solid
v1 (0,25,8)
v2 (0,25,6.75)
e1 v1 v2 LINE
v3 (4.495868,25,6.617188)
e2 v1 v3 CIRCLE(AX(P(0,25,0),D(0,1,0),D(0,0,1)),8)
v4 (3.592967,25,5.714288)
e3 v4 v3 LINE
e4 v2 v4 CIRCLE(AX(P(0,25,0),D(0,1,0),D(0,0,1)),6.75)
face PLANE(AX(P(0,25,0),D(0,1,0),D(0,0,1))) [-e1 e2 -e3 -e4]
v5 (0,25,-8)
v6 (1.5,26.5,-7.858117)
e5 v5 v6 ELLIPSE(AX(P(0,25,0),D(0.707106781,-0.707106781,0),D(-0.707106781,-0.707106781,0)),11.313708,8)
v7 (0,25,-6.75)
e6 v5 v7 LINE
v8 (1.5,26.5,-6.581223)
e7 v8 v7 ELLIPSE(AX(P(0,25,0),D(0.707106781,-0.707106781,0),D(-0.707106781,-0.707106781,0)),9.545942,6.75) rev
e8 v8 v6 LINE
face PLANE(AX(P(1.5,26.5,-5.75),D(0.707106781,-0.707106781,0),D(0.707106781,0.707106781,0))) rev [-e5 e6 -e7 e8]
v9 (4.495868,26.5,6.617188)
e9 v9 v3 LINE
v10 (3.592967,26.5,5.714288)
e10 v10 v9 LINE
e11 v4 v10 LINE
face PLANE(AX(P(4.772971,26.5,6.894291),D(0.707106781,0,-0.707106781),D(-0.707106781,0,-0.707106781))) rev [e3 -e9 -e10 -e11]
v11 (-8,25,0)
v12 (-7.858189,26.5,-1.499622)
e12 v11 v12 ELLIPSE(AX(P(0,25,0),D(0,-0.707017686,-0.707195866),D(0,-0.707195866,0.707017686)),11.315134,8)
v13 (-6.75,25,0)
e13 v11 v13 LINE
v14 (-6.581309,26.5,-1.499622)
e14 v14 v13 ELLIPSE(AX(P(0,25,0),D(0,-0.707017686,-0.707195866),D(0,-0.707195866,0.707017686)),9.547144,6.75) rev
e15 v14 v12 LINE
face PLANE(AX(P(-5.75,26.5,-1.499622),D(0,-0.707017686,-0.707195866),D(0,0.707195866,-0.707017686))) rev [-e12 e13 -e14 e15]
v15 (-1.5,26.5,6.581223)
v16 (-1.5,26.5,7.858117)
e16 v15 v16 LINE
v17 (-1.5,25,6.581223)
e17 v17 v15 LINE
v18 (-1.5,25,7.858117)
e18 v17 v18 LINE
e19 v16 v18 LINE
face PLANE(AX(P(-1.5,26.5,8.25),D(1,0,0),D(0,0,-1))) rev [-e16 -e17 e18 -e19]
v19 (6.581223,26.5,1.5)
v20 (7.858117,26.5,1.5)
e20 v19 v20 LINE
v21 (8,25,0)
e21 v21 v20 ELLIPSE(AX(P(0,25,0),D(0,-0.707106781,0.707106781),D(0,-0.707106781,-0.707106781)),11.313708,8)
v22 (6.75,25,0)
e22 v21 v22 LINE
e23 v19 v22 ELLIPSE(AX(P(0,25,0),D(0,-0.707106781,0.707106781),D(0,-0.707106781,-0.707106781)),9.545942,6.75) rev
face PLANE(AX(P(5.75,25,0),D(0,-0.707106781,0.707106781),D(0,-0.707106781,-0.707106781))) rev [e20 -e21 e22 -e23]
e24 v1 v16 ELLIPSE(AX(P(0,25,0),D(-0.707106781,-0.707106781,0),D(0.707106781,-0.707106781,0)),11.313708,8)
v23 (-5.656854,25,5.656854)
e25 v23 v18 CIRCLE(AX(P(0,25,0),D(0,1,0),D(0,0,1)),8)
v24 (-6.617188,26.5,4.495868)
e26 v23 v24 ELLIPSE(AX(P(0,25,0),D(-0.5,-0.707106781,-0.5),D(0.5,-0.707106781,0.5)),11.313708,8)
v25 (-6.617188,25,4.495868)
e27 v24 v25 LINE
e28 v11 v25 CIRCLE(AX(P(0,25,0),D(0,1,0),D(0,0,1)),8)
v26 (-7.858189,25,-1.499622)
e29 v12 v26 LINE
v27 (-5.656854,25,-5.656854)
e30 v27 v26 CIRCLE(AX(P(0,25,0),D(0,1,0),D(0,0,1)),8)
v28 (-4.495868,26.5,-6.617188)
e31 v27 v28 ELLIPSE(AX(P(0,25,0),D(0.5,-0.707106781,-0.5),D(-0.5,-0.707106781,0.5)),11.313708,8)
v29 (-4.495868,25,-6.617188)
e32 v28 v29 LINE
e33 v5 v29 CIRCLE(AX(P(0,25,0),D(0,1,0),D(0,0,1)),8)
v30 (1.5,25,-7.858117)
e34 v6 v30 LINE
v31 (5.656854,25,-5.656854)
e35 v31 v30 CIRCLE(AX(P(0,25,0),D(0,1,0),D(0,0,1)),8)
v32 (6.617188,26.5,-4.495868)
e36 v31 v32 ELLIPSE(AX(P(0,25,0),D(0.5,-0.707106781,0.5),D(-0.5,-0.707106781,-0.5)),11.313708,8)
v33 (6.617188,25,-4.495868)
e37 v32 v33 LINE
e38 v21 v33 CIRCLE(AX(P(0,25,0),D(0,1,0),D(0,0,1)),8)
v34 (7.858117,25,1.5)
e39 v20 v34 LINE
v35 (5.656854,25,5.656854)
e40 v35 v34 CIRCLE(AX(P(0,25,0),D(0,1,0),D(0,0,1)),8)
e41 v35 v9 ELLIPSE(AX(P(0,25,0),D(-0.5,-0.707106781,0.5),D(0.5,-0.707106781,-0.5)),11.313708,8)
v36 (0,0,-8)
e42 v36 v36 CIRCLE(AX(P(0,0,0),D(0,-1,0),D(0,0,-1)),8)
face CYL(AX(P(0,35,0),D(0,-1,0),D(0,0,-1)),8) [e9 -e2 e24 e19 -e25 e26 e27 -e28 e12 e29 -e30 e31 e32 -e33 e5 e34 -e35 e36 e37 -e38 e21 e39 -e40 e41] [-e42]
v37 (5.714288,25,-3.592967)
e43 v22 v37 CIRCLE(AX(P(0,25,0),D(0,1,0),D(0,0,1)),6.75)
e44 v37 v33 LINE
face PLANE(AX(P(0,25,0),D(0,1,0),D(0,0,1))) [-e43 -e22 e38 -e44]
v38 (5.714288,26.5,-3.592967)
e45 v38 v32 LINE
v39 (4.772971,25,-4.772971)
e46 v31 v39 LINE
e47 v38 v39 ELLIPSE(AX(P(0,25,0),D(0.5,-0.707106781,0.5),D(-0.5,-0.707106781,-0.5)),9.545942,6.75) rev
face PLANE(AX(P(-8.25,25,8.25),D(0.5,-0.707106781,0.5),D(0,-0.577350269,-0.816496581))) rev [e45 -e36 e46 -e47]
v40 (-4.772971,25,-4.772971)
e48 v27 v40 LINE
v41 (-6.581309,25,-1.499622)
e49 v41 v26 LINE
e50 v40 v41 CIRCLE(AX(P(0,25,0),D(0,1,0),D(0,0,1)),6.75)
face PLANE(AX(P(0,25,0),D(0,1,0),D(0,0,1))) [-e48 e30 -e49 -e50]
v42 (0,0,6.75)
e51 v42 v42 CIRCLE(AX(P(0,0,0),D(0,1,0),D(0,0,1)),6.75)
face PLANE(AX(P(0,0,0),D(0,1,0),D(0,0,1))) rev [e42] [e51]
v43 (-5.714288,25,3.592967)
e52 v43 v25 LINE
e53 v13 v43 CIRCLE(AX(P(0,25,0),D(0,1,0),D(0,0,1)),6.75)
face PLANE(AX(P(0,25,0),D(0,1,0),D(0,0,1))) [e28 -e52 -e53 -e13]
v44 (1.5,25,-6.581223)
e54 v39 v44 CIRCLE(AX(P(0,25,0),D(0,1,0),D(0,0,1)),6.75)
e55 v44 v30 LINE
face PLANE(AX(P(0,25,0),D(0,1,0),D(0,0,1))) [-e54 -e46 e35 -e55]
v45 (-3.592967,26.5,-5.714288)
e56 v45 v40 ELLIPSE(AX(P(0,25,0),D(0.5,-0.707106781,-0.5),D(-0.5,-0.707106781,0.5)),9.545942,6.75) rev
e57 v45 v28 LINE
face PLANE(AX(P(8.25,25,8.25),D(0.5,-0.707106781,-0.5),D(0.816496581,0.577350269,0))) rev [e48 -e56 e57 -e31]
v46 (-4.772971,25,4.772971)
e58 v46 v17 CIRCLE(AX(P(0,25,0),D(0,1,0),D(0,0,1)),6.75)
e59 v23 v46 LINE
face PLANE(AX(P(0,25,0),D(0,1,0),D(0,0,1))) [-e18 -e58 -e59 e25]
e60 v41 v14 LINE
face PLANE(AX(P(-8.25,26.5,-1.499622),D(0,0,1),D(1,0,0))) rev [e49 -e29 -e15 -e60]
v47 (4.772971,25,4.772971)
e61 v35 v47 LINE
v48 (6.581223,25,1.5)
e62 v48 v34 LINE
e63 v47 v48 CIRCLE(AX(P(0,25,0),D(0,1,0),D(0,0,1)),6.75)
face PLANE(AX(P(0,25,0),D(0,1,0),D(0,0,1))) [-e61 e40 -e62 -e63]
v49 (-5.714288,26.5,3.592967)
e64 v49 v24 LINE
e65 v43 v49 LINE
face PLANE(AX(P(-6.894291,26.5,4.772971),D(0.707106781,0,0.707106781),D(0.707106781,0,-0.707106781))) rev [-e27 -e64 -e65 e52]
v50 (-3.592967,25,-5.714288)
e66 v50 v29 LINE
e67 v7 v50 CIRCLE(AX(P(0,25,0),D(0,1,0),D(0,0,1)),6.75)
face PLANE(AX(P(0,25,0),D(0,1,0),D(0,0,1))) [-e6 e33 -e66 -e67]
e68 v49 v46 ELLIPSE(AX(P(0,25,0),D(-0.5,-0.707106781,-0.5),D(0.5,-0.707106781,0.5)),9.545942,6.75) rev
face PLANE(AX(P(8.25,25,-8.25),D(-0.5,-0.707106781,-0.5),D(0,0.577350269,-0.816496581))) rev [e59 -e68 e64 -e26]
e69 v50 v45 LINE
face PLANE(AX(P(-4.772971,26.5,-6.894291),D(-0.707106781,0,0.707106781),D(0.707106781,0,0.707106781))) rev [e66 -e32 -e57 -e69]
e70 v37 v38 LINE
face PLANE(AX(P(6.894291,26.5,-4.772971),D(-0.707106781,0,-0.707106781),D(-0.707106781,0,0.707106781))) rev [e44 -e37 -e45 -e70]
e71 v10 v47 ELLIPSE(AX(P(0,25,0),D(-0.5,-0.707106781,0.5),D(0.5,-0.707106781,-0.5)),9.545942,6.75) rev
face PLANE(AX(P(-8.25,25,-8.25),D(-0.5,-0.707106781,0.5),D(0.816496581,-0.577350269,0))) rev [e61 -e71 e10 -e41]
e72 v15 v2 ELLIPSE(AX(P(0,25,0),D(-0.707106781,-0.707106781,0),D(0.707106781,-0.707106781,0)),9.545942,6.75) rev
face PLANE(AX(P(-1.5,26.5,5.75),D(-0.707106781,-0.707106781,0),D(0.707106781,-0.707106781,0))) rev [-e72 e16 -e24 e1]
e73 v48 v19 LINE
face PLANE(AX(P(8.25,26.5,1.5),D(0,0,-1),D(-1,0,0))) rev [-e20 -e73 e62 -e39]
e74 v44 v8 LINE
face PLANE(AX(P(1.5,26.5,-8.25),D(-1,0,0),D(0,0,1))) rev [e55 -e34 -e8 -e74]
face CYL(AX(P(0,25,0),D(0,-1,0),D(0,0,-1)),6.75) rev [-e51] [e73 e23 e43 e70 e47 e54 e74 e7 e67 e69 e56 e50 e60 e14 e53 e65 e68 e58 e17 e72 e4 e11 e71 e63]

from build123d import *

# Parameters (mm, degrees)
SKETCH1_R           = 8.25
SKETCH1_R_2         = 6.75
BOSS_EXTRUDE1_DEPTH = 25
SKETCH2_W           = 1.5
SKETCH2_H           = 1.75
SKETCH2_W_2         = 1.75
SKETCH2_H_2         = 1.5
SKETCH2_H_3         = 1.499622071
BOSS_EXTRUDE2_DEPTH = 1.5
CUT_EXTRUDE1_DEPTH  = 2.5
CUT_EXTRUDE2_DEPTH  = 2.5
CUT_EXTRUDE3_DEPTH  = 2.5
CUT_EXTRUDE4_DEPTH  = 2.5
SKETCH9_R           = 6.625
CUT_EXTRUDE7_DEPTH  = 2.5
CUT_EXTRUDE10_DEPTH = 20.91726189
CUT_EXTRUDE11_DEPTH = 20.91726189
CUT_EXTRUDE12_DEPTH = 20.91726189
CUT_EXTRUDE13_DEPTH = 20.91726189
SKETCH15_R          = 10.332276799
SKETCH15_R_2        = 8
CUT_EXTRUDE14_DEPTH = 35
SKETCH16_R          = 6.75
CUT_EXTRUDE15_DEPTH = 40


with BuildPart() as part:
    # Sketch1 → Boss-Extrude1 (new body)
    with BuildSketch(Plane(origin=(0, 0, 0), x_dir=(1, 0, 0), z_dir=(0, 1, 0))):
        Circle(SKETCH1_R)
        Circle(SKETCH1_R_2, mode=Mode.SUBTRACT)
    extrude(amount=BOSS_EXTRUDE1_DEPTH)

    # Sketch2 → Boss-Extrude2 (add)
    with BuildSketch(Plane(origin=(0, 25, 0), x_dir=(1, 0, 0), z_dir=(0, 1, 0))):
        with Locations((0.75, 7.375)):
            Rectangle(SKETCH2_W, SKETCH2_H)
        with Locations((7.375, -0.75)):
            Rectangle(SKETCH2_W_2, SKETCH2_H_2)
        with Locations((-0.75, -7.375)):
            Rectangle(SKETCH2_W, SKETCH2_H)
        with Locations((-7.375, 0.749811036)):
            Rectangle(SKETCH2_W_2, SKETCH2_H_3)
        Polygon((-5.833630945, 5.833630945), (-4.772970773, 6.894291117), (-3.535533906, 5.656854249), (-4.596194078, 4.596194078), align=None)
        Polygon((5.833630945, 5.833630945), (6.894291117, 4.772970773), (5.656854249, 3.535533906), (4.596194078, 4.596194078), align=None)
        Polygon((5.833630945, -5.833630945), (4.772970773, -6.894291117), (3.535533906, -5.656854249), (4.596194078, -4.596194078), align=None)
        Polygon((-5.833630945, -5.833630945), (-6.894291117, -4.772970773), (-5.656854249, -3.535533906), (-4.596194078, -4.596194078), align=None)
    extrude(amount=BOSS_EXTRUDE2_DEPTH)

    # Sketch5 → Cut-Extrude1 (cut)
    with BuildSketch(Plane.XY.offset(8.25)):
        Polygon((-1.5, 26.5), (0, 25), (0, 26.5), align=None)
    extrude(amount=-CUT_EXTRUDE1_DEPTH, mode=Mode.SUBTRACT)

    # Sketch6 → Cut-Extrude2 (cut)
    with BuildSketch(Plane.ZY.offset(8.25)):
        Polygon((0, 26.5), (-1.499622071, 26.5), (0, 25), align=None)
    extrude(amount=-CUT_EXTRUDE2_DEPTH, mode=Mode.SUBTRACT)

    # Sketch7 → Cut-Extrude3 (cut)
    with BuildSketch(Plane(origin=(0, 0, -8.25), x_dir=(-1, 0, 0), z_dir=(0, 0, -1))):
        Polygon((-1.5, 26.5), (0, 26.5), (0, 25), align=None)
    extrude(amount=-CUT_EXTRUDE3_DEPTH, mode=Mode.SUBTRACT)

    # Sketch8 → Cut-Extrude4 (cut)
    with BuildSketch(Plane(origin=(8.25, 0, 0), x_dir=(0, 0, -1), z_dir=(1, 0, 0))):
        Polygon((0, 26.5), (-1.5, 26.5), (0, 25), align=None)
    extrude(amount=-CUT_EXTRUDE4_DEPTH, mode=Mode.SUBTRACT)

    # Sketch9 → Cut-Extrude7 (cut)
    with BuildSketch(Plane(origin=(0, 25, 0), x_dir=(1, 0, 0), z_dir=(0, 1, 0))):
        Circle(SKETCH9_R)
    extrude(amount=CUT_EXTRUDE7_DEPTH, mode=Mode.SUBTRACT)

    # Sketch11 → Cut-Extrude10 (cut, through all)
    with BuildSketch(Plane(origin=(-5.833630945, 0, 5.833630945), x_dir=(0.707106781, 0, 0.707106781), z_dir=(-0.707106781, 0, 0.707106781))):
        Polygon((0, 25), (-1.5, 26.5), (0, 26.5), align=None)
    extrude(amount=-CUT_EXTRUDE10_DEPTH, mode=Mode.SUBTRACT)

    # Sketch12 → Cut-Extrude11 (cut, through all)
    with BuildSketch(Plane(origin=(-5.833630945, 0, -5.833630945), x_dir=(-0.707106781, 0, 0.707106781), z_dir=(-0.707106781, 0, -0.707106781))):
        Polygon((0, 25), (-1.5, 26.5), (0, 26.5), align=None)
    extrude(amount=-CUT_EXTRUDE11_DEPTH, mode=Mode.SUBTRACT)

    # Sketch13 → Cut-Extrude12 (cut, through all)
    with BuildSketch(Plane(origin=(5.833630945, 0, -5.833630945), x_dir=(-0.707106781, 0, -0.707106781), z_dir=(0.707106781, 0, -0.707106781))):
        Polygon((0, 25), (-1.5, 26.5), (0, 26.5), align=None)
    extrude(amount=-CUT_EXTRUDE12_DEPTH, mode=Mode.SUBTRACT)

    # Sketch14 → Cut-Extrude13 (cut, through all)
    with BuildSketch(Plane(origin=(5.833630945, 0, 5.833630945), x_dir=(0.707106781, 0, -0.707106781), z_dir=(0.707106781, 0, 0.707106781))):
        Polygon((0, 25), (-1.5, 26.5), (0, 26.5), align=None)
    extrude(amount=-CUT_EXTRUDE13_DEPTH, mode=Mode.SUBTRACT)

    # Sketch15 → Cut-Extrude14 (cut)
    with BuildSketch(Plane.XZ):
        Circle(SKETCH15_R)
        Circle(SKETCH15_R_2, mode=Mode.SUBTRACT)
    extrude(amount=-CUT_EXTRUDE14_DEPTH, mode=Mode.SUBTRACT)

    # Sketch16 → Cut-Extrude15 (cut)
    with BuildSketch(Plane(origin=(0, 0, 0), x_dir=(1, 0, 0), z_dir=(0, 1, 0))):
        Circle(SKETCH16_R)
    extrude(amount=CUT_EXTRUDE15_DEPTH, mode=Mode.SUBTRACT)


solid = part.part
